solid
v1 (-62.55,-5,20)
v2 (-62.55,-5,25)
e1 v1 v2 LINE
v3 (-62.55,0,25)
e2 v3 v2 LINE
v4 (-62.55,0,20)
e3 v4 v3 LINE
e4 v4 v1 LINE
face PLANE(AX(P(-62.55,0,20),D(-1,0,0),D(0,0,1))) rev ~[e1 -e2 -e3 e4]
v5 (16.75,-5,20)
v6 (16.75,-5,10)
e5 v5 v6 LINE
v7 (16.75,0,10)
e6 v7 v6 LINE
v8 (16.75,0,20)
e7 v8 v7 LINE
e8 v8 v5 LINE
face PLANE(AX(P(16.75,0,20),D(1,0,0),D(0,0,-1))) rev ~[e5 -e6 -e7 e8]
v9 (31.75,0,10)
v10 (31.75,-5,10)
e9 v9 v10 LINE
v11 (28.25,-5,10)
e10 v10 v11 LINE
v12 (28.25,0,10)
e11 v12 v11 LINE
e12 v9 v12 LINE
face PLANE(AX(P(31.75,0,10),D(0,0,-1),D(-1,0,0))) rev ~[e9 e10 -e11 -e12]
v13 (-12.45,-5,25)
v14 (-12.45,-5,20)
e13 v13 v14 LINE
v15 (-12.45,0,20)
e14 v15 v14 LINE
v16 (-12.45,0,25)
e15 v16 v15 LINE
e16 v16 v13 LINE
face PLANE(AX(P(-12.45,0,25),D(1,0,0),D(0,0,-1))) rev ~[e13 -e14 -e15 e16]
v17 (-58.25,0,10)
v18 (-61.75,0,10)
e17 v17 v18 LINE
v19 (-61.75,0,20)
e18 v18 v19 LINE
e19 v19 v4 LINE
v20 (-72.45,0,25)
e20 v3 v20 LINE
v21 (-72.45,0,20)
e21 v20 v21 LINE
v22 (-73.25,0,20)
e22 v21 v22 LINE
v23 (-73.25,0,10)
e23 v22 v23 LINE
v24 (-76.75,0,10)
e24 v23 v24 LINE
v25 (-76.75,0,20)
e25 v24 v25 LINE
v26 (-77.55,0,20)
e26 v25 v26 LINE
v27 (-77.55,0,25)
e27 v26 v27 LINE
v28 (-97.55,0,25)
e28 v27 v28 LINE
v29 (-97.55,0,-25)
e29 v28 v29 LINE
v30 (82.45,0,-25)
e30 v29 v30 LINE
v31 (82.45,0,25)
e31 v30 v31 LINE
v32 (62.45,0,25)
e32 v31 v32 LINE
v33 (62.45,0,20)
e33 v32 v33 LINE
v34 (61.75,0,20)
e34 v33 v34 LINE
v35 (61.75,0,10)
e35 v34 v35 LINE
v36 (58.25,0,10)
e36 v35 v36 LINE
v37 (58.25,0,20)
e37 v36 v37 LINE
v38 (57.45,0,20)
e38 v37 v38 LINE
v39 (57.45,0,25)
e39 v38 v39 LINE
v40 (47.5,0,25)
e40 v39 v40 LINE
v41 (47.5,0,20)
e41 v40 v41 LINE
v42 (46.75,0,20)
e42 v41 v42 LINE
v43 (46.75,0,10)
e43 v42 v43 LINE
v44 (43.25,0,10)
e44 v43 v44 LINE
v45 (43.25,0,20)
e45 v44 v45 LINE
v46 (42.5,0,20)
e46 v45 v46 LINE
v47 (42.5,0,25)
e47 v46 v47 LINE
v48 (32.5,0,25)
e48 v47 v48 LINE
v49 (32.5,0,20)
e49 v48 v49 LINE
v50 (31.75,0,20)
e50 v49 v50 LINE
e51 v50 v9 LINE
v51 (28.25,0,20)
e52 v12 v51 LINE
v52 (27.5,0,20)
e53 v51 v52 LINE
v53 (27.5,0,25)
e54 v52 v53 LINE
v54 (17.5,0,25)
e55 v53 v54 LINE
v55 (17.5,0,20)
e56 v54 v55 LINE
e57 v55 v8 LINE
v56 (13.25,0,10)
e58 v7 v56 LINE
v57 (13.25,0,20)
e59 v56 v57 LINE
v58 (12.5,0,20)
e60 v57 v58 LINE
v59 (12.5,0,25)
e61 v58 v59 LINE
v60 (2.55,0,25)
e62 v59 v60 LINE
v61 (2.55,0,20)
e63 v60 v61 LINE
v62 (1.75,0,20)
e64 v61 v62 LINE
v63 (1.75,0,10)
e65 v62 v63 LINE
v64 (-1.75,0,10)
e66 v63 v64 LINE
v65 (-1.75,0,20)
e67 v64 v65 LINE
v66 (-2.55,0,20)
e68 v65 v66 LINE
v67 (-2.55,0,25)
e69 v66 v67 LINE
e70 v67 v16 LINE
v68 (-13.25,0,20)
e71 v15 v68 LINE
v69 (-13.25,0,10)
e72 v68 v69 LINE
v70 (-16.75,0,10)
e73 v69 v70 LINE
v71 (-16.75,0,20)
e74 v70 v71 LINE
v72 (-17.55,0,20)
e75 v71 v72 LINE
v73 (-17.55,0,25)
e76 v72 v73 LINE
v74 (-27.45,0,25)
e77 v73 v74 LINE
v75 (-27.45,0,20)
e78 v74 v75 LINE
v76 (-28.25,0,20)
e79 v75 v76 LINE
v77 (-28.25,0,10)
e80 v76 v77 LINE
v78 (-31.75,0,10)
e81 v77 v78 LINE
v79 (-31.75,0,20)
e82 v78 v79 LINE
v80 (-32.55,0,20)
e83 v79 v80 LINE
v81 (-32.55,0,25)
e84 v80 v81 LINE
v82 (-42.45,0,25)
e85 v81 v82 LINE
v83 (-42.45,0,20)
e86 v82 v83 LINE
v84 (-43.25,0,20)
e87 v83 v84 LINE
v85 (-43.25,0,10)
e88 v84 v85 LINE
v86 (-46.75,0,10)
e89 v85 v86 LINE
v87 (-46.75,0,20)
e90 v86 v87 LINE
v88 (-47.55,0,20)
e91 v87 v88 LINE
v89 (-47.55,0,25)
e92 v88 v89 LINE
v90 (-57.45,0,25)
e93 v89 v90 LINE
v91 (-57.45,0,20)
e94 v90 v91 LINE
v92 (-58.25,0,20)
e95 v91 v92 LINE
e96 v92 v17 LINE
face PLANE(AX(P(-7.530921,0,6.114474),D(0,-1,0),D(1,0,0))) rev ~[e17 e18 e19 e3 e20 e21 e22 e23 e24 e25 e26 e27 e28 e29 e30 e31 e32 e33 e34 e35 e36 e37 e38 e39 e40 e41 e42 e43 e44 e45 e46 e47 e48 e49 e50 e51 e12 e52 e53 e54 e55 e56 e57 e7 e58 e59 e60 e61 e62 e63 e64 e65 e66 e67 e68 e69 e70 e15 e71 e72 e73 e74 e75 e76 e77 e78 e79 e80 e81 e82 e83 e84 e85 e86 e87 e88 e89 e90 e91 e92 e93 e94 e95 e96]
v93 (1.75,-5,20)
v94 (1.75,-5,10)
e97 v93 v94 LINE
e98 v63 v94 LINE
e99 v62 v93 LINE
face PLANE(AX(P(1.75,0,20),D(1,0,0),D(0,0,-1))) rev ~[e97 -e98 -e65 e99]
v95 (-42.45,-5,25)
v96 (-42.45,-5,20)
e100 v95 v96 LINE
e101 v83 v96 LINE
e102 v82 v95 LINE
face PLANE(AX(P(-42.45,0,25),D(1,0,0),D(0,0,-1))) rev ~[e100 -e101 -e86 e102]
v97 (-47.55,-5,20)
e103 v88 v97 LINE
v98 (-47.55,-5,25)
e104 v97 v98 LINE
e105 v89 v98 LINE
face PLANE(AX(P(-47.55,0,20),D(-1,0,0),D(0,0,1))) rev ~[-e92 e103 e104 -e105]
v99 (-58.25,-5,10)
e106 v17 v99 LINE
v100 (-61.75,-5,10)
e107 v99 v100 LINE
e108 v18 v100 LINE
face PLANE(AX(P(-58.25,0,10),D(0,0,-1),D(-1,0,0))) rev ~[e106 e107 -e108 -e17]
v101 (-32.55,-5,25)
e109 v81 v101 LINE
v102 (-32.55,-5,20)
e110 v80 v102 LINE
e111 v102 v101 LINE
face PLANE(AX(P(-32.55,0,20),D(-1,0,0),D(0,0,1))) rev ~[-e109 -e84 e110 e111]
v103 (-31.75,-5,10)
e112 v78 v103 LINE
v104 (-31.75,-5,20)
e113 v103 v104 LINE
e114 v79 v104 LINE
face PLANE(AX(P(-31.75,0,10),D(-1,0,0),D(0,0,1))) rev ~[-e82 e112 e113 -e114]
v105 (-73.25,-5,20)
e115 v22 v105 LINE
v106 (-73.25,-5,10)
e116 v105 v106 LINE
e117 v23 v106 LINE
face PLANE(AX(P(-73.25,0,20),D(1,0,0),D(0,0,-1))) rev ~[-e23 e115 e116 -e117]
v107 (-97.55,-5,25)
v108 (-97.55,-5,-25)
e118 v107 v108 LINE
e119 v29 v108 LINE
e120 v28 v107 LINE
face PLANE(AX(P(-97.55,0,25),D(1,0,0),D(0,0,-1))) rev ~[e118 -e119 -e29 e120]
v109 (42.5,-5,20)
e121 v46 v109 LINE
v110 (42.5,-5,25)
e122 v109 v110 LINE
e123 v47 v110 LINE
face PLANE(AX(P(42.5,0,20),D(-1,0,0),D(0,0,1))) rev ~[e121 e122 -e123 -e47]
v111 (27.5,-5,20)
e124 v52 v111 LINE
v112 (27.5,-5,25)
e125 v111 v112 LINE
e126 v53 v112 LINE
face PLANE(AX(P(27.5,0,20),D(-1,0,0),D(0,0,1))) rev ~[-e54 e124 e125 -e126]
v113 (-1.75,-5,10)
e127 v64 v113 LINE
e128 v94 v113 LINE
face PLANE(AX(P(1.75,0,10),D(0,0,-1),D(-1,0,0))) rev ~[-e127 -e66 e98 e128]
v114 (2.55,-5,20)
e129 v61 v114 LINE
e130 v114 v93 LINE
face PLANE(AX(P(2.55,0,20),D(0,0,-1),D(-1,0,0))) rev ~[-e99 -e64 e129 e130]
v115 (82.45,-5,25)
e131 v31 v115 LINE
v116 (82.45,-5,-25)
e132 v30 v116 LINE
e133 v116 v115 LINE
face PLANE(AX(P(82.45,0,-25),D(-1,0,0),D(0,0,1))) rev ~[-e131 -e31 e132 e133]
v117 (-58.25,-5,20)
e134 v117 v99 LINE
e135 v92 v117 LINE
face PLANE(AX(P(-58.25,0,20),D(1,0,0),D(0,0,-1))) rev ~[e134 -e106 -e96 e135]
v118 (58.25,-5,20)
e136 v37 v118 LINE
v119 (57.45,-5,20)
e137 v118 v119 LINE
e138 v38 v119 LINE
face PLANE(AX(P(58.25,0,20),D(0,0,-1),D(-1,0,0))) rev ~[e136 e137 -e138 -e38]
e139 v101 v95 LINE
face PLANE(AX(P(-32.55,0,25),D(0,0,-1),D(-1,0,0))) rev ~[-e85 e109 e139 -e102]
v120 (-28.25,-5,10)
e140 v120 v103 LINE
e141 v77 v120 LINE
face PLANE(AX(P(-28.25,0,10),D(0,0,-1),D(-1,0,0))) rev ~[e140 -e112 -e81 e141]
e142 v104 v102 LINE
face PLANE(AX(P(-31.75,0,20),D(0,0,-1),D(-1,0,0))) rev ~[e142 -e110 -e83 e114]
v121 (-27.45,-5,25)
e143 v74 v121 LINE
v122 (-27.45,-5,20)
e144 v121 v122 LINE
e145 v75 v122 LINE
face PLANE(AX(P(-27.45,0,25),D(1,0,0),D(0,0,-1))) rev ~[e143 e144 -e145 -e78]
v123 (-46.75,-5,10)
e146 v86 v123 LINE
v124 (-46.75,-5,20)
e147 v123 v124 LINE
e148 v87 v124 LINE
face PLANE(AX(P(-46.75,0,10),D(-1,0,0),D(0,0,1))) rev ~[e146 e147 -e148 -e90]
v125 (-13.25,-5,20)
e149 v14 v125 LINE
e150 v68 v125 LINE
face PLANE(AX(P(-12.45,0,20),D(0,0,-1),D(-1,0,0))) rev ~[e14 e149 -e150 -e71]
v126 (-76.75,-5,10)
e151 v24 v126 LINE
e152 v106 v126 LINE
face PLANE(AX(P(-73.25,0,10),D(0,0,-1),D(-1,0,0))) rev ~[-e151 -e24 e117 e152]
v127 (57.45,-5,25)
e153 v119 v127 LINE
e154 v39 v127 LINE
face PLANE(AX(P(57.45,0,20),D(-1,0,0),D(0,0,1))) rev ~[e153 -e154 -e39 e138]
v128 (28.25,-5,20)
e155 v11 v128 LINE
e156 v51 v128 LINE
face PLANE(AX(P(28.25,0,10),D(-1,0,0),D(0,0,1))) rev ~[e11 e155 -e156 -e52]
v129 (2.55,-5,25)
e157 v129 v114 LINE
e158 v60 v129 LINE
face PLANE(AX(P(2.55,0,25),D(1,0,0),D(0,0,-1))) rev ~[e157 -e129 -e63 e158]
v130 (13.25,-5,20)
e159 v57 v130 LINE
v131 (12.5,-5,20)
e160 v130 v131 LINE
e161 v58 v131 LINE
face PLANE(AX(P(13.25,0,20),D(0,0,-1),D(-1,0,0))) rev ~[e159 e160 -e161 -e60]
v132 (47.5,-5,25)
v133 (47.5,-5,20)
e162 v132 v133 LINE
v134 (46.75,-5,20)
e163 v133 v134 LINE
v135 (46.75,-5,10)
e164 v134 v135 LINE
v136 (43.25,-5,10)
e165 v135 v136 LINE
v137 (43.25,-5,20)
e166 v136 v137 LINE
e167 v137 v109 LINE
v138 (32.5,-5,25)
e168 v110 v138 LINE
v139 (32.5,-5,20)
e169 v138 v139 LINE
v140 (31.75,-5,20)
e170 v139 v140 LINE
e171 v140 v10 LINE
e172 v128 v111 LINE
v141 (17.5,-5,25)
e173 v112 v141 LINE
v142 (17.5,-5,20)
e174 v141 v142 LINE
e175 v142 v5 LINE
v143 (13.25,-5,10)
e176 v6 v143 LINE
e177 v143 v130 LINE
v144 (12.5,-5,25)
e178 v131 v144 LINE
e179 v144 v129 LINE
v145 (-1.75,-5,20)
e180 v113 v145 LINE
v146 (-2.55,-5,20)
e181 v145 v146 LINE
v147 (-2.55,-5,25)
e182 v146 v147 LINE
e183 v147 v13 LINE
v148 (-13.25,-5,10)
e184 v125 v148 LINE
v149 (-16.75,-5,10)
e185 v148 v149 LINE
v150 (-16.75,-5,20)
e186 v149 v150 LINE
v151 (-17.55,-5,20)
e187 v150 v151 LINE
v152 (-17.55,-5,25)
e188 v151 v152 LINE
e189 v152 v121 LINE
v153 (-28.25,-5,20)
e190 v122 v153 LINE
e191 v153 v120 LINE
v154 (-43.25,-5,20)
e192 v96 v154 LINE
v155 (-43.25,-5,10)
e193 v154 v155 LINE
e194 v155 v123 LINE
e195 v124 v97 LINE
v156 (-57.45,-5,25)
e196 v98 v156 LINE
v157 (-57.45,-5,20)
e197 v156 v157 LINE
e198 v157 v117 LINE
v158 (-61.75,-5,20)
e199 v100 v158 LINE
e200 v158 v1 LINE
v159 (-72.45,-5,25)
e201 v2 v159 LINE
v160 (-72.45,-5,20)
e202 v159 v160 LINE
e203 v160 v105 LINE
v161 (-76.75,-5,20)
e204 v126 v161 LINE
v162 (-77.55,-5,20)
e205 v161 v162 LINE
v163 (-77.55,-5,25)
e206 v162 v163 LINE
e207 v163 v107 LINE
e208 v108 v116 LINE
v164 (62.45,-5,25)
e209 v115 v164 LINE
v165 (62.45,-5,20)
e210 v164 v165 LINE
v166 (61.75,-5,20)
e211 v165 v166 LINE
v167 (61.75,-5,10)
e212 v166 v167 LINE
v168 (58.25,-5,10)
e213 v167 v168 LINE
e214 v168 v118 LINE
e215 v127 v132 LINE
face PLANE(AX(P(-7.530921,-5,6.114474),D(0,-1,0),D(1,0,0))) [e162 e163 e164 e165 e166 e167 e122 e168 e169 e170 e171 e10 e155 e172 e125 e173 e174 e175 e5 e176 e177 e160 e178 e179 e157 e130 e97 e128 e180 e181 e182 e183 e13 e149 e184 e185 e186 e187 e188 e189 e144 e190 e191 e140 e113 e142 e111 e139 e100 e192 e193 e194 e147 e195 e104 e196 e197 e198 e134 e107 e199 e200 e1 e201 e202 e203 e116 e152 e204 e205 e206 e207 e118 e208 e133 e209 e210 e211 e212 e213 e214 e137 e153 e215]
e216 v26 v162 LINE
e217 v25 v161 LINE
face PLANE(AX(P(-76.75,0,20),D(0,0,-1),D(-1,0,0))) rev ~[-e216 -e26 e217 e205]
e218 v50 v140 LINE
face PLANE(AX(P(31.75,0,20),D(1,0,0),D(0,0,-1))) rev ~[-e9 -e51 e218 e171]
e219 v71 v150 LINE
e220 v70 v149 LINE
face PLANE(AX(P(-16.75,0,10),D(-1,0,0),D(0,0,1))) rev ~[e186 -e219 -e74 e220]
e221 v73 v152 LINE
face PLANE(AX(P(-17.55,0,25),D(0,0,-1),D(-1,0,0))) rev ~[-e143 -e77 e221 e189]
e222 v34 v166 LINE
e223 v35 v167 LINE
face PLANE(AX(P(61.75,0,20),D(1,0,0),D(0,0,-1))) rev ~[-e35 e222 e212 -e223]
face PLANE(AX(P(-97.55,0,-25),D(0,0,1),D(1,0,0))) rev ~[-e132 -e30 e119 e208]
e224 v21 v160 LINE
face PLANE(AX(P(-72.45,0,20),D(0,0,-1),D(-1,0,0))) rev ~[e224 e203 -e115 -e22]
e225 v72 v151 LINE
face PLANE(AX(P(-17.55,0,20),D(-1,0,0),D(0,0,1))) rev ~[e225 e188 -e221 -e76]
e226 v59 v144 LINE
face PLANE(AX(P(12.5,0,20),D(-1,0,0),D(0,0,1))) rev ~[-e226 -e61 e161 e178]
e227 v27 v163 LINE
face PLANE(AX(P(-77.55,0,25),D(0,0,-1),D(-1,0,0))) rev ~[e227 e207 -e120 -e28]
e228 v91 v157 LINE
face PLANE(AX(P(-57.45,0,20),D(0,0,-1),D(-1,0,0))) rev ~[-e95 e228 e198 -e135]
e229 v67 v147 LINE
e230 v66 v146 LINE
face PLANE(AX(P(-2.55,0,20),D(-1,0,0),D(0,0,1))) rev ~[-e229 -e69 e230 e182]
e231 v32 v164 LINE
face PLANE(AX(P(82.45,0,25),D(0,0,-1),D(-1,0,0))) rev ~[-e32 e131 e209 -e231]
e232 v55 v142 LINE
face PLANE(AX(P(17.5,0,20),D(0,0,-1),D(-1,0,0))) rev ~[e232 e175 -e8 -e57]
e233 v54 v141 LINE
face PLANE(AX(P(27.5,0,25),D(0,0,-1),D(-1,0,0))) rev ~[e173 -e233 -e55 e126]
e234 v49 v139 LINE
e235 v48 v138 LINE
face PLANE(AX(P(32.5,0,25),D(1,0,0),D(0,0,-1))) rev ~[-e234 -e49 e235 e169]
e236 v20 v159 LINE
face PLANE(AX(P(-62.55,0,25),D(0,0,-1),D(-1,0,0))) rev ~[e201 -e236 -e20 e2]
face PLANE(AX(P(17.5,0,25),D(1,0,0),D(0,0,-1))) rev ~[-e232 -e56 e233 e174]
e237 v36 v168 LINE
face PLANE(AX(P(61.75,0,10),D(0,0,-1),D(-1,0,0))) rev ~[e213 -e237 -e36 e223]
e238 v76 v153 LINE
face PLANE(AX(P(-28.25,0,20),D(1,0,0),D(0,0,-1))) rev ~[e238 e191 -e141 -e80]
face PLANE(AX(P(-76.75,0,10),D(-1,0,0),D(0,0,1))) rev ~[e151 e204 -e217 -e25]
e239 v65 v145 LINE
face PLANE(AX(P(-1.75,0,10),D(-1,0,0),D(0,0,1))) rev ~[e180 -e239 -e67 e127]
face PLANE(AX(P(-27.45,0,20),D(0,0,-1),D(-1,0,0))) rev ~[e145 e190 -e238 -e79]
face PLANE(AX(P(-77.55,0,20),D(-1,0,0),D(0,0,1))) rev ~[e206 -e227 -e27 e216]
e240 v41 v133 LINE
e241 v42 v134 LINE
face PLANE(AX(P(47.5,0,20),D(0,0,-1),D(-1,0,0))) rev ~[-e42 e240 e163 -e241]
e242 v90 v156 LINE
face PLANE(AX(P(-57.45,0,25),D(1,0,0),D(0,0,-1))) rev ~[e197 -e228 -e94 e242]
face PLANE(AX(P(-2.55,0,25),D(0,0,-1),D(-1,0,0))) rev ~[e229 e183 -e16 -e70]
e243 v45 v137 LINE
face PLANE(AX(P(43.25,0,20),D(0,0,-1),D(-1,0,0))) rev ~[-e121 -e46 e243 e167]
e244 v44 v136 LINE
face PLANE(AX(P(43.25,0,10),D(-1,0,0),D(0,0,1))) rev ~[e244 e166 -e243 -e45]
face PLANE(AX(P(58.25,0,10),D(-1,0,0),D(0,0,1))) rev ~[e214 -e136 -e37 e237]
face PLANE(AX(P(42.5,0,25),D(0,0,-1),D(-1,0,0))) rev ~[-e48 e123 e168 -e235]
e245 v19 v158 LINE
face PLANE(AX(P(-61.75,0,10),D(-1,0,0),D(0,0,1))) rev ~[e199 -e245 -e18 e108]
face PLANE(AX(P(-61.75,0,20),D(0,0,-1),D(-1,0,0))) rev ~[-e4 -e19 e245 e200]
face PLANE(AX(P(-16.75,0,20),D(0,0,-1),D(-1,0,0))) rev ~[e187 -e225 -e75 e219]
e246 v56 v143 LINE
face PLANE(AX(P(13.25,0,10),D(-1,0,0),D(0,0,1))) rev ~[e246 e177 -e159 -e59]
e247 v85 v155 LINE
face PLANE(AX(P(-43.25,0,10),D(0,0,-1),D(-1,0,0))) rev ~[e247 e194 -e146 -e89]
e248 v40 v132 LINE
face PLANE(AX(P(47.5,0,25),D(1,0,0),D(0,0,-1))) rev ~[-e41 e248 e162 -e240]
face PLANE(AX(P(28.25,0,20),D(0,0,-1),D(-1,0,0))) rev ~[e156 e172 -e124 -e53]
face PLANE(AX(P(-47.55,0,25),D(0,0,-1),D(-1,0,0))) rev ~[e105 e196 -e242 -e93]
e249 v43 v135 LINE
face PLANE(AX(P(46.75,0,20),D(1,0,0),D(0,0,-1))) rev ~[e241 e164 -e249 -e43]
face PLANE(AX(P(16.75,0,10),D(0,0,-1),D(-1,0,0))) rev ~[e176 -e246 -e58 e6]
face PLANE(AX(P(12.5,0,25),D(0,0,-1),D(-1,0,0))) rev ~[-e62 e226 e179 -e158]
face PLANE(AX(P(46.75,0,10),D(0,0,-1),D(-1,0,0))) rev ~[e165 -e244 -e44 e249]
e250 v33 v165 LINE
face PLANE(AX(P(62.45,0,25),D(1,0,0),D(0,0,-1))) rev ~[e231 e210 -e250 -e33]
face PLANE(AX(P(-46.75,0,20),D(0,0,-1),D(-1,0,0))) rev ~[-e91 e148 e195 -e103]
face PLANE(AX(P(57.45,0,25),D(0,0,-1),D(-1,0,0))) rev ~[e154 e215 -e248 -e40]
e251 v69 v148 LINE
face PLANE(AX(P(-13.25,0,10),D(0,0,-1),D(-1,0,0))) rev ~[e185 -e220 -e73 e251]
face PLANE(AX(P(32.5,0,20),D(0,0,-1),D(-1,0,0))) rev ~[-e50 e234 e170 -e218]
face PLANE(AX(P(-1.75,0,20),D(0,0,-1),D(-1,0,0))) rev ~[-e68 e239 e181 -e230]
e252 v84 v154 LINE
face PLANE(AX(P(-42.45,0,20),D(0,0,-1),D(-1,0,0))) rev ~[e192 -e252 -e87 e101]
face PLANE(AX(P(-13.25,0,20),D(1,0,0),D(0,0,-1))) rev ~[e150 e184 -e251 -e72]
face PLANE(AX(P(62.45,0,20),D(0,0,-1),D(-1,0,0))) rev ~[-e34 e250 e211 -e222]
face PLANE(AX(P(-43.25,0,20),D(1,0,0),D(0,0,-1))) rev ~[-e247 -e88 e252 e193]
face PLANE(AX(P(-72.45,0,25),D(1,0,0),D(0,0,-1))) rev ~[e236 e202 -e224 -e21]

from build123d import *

# Parameters (mm, degrees)
F1_DEPTH = 5


with BuildPart() as f1:
    # F0 (on Front) → F1 (new body)
    with BuildSketch(Plane.XZ):
        Polygon((-77.55, 25), (-97.55, 25), (-97.55, -25), (82.45, -25), (82.45, 25), (62.45, 25), (62.45, 20), (61.75, 20), (61.75, 10), (58.25, 10), (58.25, 20), (57.45, 20), (57.45, 25), (47.5, 25), (47.5, 20), (46.75, 20), (46.75, 10), (43.25, 10), (43.25, 20), (42.5, 20), (42.5, 25), (32.5, 25), (32.5, 20), (31.75, 20), (31.75, 10), (28.25, 10), (28.25, 20), (27.5, 20), (27.5, 25), (17.5, 25), (17.5, 20), (16.75, 20), (16.75, 10), (13.25, 10), (13.25, 20), (12.5, 20), (12.5, 25), (2.55, 25), (2.55, 20), (1.75, 20), (1.75, 10), (-1.75, 10), (-1.75, 20), (-2.55, 20), (-2.55, 25), (-12.45, 25), (-12.45, 20), (-13.25, 20), (-13.25, 10), (-16.75, 10), (-16.75, 20), (-17.55, 20), (-17.55, 25), (-27.45, 25), (-27.45, 20), (-28.25, 20), (-28.25, 10), (-31.75, 10), (-31.75, 20), (-32.55, 20), (-32.55, 25), (-42.45, 25), (-42.45, 20), (-43.25, 20), (-43.25, 10), (-46.75, 10), (-46.75, 20), (-47.55, 20), (-47.55, 25), (-57.45, 25), (-57.45, 20), (-58.25, 20), (-58.25, 10), (-61.75, 10), (-61.75, 20), (-62.55, 20), (-62.55, 25), (-72.45, 25), (-72.45, 20), (-73.25, 20), (-73.25, 10), (-76.75, 10), (-76.75, 20), (-77.55, 20), align=None)
    extrude(amount=F1_DEPTH)


solid = f1.part
